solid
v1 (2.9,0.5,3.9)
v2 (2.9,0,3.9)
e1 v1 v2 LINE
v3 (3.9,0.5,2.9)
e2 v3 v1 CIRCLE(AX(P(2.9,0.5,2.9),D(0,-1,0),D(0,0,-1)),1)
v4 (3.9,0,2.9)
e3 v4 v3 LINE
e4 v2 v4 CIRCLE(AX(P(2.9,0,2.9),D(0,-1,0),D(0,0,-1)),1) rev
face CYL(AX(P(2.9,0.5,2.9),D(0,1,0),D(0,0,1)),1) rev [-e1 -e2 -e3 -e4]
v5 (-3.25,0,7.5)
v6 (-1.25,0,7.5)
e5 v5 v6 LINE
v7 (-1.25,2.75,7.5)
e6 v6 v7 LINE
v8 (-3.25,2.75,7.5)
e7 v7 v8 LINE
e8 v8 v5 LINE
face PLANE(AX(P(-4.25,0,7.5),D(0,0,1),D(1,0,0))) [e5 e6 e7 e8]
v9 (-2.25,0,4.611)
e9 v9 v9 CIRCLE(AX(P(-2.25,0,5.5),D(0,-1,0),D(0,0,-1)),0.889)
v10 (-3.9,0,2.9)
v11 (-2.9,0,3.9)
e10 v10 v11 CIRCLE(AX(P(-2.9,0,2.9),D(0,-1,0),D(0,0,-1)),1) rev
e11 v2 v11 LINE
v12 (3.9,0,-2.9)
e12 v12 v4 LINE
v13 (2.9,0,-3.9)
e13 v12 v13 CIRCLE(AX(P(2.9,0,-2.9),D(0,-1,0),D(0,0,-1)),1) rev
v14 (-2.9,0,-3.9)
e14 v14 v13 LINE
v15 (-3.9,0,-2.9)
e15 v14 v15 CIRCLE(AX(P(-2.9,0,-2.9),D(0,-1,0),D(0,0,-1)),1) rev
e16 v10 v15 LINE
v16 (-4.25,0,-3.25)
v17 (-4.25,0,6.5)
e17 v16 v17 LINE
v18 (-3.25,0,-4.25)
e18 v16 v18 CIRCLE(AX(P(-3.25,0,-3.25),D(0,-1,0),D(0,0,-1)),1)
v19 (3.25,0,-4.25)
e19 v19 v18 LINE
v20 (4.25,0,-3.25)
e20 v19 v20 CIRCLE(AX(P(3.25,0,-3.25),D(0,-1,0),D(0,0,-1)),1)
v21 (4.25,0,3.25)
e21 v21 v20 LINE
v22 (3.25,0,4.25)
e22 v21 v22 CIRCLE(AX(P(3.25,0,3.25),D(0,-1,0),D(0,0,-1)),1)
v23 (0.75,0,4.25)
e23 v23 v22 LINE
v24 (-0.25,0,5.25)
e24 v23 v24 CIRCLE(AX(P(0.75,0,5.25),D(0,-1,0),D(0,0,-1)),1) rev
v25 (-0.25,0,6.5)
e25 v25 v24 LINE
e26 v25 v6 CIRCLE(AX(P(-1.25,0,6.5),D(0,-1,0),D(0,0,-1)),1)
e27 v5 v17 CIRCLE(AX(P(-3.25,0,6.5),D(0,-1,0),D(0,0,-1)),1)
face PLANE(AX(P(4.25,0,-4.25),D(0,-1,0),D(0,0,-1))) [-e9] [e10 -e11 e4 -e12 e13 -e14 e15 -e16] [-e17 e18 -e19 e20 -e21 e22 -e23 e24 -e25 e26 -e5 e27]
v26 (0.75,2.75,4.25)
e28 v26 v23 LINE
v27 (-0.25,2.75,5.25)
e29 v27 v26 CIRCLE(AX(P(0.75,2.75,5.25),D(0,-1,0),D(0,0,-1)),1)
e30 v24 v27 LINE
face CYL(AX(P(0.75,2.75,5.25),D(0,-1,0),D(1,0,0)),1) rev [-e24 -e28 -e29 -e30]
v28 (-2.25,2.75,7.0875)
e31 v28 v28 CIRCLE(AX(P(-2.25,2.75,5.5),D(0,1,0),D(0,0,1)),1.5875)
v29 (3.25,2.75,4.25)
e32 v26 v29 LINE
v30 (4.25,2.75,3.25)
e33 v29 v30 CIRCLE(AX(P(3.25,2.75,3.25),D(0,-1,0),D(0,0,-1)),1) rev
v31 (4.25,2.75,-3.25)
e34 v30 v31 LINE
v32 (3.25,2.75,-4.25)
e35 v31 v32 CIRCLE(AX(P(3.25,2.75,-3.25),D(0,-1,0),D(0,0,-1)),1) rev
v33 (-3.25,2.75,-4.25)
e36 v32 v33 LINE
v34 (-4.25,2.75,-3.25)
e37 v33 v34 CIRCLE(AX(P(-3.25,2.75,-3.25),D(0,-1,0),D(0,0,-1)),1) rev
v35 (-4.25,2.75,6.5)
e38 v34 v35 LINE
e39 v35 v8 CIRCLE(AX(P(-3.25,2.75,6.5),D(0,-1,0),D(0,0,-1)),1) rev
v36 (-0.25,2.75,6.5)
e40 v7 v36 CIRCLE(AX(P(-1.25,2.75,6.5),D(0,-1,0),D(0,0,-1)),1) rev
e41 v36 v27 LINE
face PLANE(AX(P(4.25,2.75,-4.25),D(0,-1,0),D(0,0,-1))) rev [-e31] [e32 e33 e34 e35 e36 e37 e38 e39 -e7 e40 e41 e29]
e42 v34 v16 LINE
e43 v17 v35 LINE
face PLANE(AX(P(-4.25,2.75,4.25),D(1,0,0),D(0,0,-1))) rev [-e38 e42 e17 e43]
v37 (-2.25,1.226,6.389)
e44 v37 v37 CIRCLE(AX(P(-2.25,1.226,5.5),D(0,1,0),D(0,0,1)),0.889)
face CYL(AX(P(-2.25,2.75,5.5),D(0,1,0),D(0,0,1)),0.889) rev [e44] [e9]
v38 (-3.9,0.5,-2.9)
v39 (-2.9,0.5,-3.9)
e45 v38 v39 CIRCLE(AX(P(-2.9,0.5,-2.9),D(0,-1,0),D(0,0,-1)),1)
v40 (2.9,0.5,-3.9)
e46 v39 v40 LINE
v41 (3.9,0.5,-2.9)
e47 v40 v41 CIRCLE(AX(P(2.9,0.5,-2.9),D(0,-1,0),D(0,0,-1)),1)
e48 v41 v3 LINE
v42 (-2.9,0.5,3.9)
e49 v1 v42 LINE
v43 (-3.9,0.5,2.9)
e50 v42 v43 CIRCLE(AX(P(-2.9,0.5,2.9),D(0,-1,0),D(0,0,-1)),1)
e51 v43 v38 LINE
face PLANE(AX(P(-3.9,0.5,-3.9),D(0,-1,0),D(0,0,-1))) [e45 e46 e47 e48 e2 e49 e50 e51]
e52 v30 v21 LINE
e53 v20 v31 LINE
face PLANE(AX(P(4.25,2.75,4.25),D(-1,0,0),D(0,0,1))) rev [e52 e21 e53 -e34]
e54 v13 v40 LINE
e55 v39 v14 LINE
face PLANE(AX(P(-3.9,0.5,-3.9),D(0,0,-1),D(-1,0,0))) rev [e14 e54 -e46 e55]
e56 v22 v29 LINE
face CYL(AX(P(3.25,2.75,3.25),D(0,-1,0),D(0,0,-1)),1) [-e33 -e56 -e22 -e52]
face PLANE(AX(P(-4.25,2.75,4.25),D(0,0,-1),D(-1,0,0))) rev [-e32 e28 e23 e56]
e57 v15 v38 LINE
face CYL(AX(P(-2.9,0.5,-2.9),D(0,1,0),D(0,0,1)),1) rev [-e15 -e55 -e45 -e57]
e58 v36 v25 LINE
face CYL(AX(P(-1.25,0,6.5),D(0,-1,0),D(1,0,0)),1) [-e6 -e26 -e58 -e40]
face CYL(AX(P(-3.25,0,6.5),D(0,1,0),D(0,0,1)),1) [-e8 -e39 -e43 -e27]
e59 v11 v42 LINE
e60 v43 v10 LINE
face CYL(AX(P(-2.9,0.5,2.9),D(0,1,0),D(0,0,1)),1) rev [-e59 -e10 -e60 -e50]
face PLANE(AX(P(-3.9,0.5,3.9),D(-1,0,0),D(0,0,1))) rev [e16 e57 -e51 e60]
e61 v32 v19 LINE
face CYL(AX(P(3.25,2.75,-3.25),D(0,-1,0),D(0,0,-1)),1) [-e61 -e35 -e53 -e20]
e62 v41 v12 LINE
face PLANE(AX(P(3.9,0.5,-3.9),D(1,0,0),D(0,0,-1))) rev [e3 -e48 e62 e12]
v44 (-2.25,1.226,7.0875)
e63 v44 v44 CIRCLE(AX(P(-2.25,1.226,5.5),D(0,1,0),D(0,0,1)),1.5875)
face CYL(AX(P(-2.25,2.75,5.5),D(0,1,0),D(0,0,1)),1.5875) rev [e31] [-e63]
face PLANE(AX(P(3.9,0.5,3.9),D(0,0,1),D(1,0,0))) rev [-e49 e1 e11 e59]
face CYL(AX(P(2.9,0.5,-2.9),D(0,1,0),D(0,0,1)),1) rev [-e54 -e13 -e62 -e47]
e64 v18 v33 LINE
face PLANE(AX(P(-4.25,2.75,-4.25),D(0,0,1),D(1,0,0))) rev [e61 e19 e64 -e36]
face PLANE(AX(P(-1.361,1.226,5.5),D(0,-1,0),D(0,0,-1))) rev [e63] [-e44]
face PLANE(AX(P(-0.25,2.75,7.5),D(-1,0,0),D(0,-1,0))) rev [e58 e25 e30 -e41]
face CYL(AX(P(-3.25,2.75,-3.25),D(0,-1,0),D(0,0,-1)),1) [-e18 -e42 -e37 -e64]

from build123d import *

# Parameters (mm, degrees)
SKETCH1_W                                      = 8.5
SKETCH1_H                                      = 8.5
EXTRUDE1_DEPTH                                 = 2.75
SKETCH8_W                                      = 7.8
SKETCH8_H                                      = 7.8
EXTRUDE6_DEPTH                                 = 0.5
SKETCH3_W                                      = 4
SKETCH3_H                                      = 2.75
EXTRUDE3_DEPTH                                 = 3.25
CBORE_FOR_0_SOCKET_HEAD_CAP_SCREW1_D           = 1.778
CBORE_FOR_0_SOCKET_HEAD_CAP_SCREW1_CBORE_D     = 3.175
CBORE_FOR_0_SOCKET_HEAD_CAP_SCREW1_CBORE_DEPTH = 1.524
FILLET1_R                                      = 1


with BuildPart() as part:
    # Sketch1 → Extrude1 (new body)
    with BuildSketch(Plane(origin=(0, 0, 0), x_dir=(1, 0, 0), z_dir=(0, 1, 0))):
        Rectangle(SKETCH1_W, SKETCH1_H)
    extrude(amount=EXTRUDE1_DEPTH)

    # Sketch8 → Extrude6 (cut)
    with BuildSketch(Plane.XZ):
        Rectangle(SKETCH8_W, SKETCH8_H)
    extrude(amount=-EXTRUDE6_DEPTH, mode=Mode.SUBTRACT)

    # Sketch3 → Extrude3 (add)
    with BuildSketch(Plane.XY.offset(4.25)):
        with Locations((-2.25, 1.375)):
            Rectangle(SKETCH3_W, SKETCH3_H)
    extrude(amount=EXTRUDE3_DEPTH)

    # CBORE for #0 Socket Head Cap Screw1 (through all)
    with Locations(Plane(origin=(-2.25, 2.75, 5.5), x_dir=(0, 0, 1), z_dir=(0, 1, 0))):
        with Locations((0, 0)):
            CounterBoreHole(CBORE_FOR_0_SOCKET_HEAD_CAP_SCREW1_D / 2, CBORE_FOR_0_SOCKET_HEAD_CAP_SCREW1_CBORE_D / 2, CBORE_FOR_0_SOCKET_HEAD_CAP_SCREW1_CBORE_DEPTH)

    # Fillet1
    fillet1_edges = [part.edges().sort_by_distance(p)[0] for p in [
        (-3.9, 0.25, 3.9),
        (-3.9, 0.25, -3.9),
        (3.9, 0.25, -3.9),
        (3.9, 0.25, 3.9),
        (-4.25, 1.375, -4.25),
        (4.25, 1.375, -4.25),
        (-0.25, 1.375, 4.25),
        (4.25, 1.375, 4.25),
        (-0.25, 1.375, 7.5),
        (-4.25, 1.375, 7.5),
    ]]
    fillet(fillet1_edges, radius=FILLET1_R)


solid = part.part
